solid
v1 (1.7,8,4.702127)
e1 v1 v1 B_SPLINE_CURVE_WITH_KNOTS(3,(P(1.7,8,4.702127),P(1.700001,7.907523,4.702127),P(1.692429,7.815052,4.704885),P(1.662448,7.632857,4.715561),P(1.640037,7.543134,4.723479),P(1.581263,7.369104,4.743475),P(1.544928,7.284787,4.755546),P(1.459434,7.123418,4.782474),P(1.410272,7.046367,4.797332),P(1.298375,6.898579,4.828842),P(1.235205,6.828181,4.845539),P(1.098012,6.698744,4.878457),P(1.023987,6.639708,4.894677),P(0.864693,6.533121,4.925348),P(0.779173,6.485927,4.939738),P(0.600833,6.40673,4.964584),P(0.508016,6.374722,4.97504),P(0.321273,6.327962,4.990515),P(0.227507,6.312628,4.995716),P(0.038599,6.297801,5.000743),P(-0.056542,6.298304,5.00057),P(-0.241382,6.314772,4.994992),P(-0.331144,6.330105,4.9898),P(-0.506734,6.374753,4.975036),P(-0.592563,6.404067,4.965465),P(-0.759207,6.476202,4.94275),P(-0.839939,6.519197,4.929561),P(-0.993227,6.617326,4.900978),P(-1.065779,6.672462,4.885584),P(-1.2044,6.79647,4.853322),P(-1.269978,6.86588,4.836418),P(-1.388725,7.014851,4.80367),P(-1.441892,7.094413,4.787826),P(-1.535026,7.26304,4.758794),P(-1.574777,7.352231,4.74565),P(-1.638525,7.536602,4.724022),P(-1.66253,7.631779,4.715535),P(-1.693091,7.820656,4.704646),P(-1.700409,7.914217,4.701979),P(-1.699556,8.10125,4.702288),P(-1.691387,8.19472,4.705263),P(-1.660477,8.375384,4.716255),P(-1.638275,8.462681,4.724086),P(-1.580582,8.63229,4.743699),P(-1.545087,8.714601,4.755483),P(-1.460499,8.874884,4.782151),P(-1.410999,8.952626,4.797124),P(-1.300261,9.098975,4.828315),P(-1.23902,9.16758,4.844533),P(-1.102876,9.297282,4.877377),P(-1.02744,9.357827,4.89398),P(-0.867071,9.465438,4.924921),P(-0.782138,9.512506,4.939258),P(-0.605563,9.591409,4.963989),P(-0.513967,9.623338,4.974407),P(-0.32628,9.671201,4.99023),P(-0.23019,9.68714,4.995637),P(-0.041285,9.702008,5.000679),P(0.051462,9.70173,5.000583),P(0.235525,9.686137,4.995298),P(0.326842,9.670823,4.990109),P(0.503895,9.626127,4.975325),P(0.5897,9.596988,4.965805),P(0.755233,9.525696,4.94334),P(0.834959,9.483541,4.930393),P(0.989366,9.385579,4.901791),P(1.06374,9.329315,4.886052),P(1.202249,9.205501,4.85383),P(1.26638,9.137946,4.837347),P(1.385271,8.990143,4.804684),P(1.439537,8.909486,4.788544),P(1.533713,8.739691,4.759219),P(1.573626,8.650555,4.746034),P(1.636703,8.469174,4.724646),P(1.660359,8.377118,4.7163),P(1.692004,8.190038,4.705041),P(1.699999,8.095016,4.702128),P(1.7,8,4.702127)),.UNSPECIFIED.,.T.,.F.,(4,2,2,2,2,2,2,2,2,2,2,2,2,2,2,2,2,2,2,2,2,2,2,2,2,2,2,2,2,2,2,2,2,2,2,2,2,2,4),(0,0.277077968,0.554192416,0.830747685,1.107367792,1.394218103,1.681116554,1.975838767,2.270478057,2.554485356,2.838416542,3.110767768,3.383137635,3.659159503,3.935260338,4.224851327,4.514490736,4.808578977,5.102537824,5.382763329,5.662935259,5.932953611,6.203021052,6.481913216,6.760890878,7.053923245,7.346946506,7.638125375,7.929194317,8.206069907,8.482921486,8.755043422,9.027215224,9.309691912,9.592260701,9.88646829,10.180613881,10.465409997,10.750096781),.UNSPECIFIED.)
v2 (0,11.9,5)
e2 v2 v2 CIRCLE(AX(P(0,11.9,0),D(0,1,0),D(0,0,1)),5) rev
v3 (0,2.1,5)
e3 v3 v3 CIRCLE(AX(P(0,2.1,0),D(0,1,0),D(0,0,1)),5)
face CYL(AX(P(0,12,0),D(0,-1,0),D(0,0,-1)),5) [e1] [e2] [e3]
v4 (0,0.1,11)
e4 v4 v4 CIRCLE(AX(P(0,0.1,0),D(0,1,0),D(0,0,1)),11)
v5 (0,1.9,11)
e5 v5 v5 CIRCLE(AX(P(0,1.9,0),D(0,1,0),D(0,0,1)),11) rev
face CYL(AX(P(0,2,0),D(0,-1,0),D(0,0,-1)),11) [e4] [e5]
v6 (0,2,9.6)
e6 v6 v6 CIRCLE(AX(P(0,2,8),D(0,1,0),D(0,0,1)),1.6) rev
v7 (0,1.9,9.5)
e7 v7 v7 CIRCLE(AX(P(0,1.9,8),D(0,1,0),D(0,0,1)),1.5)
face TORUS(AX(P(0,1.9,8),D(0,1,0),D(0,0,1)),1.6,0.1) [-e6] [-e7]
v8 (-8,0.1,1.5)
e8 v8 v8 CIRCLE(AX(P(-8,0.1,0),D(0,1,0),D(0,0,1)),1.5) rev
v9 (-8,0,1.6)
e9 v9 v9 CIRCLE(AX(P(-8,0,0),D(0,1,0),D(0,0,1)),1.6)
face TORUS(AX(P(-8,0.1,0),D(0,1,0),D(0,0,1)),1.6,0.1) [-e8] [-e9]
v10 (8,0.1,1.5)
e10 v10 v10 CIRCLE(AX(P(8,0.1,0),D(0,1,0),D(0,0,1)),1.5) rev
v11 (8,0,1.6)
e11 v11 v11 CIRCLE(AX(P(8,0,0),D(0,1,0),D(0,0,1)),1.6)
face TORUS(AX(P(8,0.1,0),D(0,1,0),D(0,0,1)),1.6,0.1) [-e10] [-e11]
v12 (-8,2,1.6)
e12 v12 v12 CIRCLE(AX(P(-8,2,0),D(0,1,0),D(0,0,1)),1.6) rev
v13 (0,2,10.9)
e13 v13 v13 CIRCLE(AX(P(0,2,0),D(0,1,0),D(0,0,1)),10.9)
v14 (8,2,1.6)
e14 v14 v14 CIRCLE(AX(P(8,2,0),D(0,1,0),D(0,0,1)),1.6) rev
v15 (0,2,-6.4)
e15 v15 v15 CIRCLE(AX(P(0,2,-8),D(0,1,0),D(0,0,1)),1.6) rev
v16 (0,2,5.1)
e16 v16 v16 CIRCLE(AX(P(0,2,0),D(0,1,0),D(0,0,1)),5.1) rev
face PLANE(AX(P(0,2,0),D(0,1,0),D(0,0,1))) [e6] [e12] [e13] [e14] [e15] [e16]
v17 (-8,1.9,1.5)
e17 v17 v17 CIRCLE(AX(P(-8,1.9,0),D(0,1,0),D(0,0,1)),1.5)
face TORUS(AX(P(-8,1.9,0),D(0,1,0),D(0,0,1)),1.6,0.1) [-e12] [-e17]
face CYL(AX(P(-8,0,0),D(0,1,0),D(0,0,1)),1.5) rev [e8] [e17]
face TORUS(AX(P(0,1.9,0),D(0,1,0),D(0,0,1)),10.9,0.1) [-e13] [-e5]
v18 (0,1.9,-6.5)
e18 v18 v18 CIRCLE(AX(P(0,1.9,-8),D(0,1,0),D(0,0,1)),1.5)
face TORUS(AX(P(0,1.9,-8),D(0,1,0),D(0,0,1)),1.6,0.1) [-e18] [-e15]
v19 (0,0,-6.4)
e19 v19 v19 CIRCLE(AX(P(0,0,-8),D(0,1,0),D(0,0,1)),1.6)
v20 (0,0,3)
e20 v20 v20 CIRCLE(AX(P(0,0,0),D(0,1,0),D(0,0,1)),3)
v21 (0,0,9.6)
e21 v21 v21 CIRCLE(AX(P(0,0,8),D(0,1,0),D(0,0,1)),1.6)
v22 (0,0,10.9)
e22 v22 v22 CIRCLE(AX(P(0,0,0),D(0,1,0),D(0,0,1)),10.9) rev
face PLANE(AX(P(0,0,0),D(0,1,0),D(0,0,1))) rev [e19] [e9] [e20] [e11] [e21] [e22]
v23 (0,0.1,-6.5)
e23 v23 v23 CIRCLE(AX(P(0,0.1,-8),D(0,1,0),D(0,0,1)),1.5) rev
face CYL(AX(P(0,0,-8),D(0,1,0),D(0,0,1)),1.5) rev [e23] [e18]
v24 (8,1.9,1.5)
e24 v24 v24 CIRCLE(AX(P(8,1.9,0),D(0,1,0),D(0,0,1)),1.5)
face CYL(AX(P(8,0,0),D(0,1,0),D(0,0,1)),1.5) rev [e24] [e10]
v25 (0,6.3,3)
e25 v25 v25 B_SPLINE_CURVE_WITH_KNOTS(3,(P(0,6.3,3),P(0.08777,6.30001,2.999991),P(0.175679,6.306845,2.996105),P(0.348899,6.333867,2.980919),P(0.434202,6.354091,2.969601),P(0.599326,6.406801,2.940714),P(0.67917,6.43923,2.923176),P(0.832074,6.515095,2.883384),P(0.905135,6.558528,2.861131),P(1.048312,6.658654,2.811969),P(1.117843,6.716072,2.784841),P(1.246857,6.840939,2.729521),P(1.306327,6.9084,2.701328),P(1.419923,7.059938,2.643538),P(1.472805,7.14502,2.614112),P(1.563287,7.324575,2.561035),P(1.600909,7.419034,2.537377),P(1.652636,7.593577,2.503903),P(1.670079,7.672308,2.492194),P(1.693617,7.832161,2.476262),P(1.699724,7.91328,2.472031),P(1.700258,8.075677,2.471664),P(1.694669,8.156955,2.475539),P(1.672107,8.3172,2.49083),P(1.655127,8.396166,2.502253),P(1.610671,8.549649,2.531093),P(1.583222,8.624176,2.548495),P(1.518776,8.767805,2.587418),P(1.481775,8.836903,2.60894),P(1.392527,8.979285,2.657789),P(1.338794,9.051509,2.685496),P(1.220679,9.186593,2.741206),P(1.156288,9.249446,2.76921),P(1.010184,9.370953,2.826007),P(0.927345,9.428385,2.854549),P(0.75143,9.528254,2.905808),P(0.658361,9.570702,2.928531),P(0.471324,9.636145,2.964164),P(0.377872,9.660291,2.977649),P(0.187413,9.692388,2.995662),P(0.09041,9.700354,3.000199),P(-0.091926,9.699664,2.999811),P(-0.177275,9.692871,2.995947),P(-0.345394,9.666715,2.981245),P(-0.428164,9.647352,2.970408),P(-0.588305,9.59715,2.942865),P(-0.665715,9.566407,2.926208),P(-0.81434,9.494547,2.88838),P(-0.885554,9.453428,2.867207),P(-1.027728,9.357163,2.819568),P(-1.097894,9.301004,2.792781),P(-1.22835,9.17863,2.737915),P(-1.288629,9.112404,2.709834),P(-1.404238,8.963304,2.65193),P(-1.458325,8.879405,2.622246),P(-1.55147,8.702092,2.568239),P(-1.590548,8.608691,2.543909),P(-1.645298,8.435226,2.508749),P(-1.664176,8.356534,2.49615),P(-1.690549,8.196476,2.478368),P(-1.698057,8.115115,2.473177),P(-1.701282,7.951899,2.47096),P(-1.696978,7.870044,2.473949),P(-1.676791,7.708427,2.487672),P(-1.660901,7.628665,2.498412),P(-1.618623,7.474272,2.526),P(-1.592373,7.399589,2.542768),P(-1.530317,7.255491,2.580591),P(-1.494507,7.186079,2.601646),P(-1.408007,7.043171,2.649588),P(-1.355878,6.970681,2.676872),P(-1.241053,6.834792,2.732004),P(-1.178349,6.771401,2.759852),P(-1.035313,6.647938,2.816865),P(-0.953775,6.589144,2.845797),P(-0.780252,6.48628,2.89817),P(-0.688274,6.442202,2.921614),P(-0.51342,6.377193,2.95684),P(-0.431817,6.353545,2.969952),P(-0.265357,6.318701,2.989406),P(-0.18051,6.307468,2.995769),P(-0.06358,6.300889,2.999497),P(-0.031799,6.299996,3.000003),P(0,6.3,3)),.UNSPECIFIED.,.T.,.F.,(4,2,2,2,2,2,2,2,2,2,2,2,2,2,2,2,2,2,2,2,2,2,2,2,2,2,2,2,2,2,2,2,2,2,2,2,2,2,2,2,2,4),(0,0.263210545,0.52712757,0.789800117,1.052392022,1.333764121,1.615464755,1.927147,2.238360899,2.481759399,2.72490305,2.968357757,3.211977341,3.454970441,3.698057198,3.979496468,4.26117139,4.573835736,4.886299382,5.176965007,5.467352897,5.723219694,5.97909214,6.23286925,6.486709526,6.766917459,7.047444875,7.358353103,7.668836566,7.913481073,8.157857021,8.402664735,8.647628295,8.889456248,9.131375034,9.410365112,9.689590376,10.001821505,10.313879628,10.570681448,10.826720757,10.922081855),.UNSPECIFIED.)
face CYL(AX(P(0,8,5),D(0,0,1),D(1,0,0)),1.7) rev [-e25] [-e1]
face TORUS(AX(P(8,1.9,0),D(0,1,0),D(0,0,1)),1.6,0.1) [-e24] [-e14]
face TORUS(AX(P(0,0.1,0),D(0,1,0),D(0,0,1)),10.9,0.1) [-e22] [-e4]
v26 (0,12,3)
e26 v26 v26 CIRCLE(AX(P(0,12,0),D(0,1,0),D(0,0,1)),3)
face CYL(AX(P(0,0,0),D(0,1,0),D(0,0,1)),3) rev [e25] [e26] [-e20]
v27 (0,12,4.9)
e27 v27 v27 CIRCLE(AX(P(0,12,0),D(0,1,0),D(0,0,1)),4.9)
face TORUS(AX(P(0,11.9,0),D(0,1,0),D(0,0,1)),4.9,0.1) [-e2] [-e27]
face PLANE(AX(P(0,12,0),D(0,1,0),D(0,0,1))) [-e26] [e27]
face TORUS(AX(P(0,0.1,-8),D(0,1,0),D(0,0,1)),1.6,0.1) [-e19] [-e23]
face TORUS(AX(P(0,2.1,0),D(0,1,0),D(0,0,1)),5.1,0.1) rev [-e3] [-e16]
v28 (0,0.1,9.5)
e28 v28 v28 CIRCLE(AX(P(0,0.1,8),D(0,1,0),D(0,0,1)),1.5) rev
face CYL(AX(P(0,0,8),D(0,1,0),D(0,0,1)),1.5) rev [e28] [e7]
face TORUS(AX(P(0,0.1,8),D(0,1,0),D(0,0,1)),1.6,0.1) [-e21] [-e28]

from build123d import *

# Parameters (mm, degrees)
SKETCH2_R                 = 11
BOSS_EXTRUDE1_DEPTH       = 2
SKETCH3_R                 = 5
BOSS_EXTRUDE2_DEPTH       = 10
SKETCH4_R                 = 3
CUT_EXTRUDE1_DEPTH        = 20.646882704
SKETCH5_R                 = 1.5
CUT_EXTRUDE2_DEPTH        = 19.493242009
FILLET1_R                 = 0.1
M3_CLEARANCE_HOLE1_REACH  = 24.825
M3_CLEARANCE_HOLE1_BORE_R = 1.7


with BuildPart() as part:
    # Sketch2 → Boss-Extrude1 (new body)
    with BuildSketch(Plane(origin=(0, 0, 0), x_dir=(1, 0, 0), z_dir=(0, 1, 0))):
        with Locations(Location((0, 0, 0), (0, 0, 270))):
            Circle(SKETCH2_R)
    extrude(amount=BOSS_EXTRUDE1_DEPTH)

    # Sketch3 → Boss-Extrude2 (add)
    with BuildSketch(Plane(origin=(0, 2, 0), x_dir=(1, 0, 0), z_dir=(0, 1, 0))):
        with Locations(Location((0, 0, 0), (0, 0, 270))):
            Circle(SKETCH3_R)
    extrude(amount=BOSS_EXTRUDE2_DEPTH)

    # Sketch4 → Cut-Extrude1 (cut, through all)
    with BuildSketch(Plane(origin=(0, 12, 0), x_dir=(1, 0, 0), z_dir=(0, 1, 0))):
        with Locations(Location((0, 0, 0), (0, 0, 270))):
            Circle(SKETCH4_R)
    extrude(amount=-CUT_EXTRUDE1_DEPTH, mode=Mode.SUBTRACT)

    # Sketch5 → Cut-Extrude2 (cut, through all)
    with BuildSketch(Plane(origin=(0, 2, 0), x_dir=(1, 0, 0), z_dir=(0, 1, 0))):
        with Locations(Location((0, -8, 0), (0, 0, 270))):
            Circle(SKETCH5_R)
        with Locations(Location((-8, 0, 0), (0, 0, 270))):
            Circle(SKETCH5_R)
        with Locations(Location((0, 8, 0), (0, 0, 270))):
            Circle(SKETCH5_R)
        with Locations(Location((8, 0, 0), (0, 0, 270))):
            Circle(SKETCH5_R)
    extrude(amount=-CUT_EXTRUDE2_DEPTH, mode=Mode.SUBTRACT)

    # Fillet1
    fillet1_edges = [part.edges().sort_by_distance(p)[0] for p in [
        (0, 0, 6.5),
        (0, 2, 6.5),
        (0, 0, -11),
        (-8, 0, -1.5),
        (-8, 2, -1.5),
        (0, 0, -9.5),
        (0, 2, -9.5),
        (8, 0, -1.5),
        (8, 2, -1.5),
        (0, 2, -11),
        (0, 2, -5),
        (0, 12, -5),
    ]]
    fillet(fillet1_edges, radius=FILLET1_R)

    # M3 Clearance Hole1 bore → M3 Clearance Hole1 (cut, up to next)
    with BuildSketch(Plane.XY.offset(5), mode=Mode.PRIVATE) as m3_clearance_hole1_sk1:
        with Locations((0, 8)):
            Circle(M3_CLEARANCE_HOLE1_BORE_R)
    m3_clearance_hole1_tool1 = extrude(m3_clearance_hole1_sk1.sketch, amount=-M3_CLEARANCE_HOLE1_REACH, mode=Mode.PRIVATE) & part.part
    add(m3_clearance_hole1_tool1.solids().sort_by_distance((0, 8, 5))[0], mode=Mode.SUBTRACT)


solid = part.part
